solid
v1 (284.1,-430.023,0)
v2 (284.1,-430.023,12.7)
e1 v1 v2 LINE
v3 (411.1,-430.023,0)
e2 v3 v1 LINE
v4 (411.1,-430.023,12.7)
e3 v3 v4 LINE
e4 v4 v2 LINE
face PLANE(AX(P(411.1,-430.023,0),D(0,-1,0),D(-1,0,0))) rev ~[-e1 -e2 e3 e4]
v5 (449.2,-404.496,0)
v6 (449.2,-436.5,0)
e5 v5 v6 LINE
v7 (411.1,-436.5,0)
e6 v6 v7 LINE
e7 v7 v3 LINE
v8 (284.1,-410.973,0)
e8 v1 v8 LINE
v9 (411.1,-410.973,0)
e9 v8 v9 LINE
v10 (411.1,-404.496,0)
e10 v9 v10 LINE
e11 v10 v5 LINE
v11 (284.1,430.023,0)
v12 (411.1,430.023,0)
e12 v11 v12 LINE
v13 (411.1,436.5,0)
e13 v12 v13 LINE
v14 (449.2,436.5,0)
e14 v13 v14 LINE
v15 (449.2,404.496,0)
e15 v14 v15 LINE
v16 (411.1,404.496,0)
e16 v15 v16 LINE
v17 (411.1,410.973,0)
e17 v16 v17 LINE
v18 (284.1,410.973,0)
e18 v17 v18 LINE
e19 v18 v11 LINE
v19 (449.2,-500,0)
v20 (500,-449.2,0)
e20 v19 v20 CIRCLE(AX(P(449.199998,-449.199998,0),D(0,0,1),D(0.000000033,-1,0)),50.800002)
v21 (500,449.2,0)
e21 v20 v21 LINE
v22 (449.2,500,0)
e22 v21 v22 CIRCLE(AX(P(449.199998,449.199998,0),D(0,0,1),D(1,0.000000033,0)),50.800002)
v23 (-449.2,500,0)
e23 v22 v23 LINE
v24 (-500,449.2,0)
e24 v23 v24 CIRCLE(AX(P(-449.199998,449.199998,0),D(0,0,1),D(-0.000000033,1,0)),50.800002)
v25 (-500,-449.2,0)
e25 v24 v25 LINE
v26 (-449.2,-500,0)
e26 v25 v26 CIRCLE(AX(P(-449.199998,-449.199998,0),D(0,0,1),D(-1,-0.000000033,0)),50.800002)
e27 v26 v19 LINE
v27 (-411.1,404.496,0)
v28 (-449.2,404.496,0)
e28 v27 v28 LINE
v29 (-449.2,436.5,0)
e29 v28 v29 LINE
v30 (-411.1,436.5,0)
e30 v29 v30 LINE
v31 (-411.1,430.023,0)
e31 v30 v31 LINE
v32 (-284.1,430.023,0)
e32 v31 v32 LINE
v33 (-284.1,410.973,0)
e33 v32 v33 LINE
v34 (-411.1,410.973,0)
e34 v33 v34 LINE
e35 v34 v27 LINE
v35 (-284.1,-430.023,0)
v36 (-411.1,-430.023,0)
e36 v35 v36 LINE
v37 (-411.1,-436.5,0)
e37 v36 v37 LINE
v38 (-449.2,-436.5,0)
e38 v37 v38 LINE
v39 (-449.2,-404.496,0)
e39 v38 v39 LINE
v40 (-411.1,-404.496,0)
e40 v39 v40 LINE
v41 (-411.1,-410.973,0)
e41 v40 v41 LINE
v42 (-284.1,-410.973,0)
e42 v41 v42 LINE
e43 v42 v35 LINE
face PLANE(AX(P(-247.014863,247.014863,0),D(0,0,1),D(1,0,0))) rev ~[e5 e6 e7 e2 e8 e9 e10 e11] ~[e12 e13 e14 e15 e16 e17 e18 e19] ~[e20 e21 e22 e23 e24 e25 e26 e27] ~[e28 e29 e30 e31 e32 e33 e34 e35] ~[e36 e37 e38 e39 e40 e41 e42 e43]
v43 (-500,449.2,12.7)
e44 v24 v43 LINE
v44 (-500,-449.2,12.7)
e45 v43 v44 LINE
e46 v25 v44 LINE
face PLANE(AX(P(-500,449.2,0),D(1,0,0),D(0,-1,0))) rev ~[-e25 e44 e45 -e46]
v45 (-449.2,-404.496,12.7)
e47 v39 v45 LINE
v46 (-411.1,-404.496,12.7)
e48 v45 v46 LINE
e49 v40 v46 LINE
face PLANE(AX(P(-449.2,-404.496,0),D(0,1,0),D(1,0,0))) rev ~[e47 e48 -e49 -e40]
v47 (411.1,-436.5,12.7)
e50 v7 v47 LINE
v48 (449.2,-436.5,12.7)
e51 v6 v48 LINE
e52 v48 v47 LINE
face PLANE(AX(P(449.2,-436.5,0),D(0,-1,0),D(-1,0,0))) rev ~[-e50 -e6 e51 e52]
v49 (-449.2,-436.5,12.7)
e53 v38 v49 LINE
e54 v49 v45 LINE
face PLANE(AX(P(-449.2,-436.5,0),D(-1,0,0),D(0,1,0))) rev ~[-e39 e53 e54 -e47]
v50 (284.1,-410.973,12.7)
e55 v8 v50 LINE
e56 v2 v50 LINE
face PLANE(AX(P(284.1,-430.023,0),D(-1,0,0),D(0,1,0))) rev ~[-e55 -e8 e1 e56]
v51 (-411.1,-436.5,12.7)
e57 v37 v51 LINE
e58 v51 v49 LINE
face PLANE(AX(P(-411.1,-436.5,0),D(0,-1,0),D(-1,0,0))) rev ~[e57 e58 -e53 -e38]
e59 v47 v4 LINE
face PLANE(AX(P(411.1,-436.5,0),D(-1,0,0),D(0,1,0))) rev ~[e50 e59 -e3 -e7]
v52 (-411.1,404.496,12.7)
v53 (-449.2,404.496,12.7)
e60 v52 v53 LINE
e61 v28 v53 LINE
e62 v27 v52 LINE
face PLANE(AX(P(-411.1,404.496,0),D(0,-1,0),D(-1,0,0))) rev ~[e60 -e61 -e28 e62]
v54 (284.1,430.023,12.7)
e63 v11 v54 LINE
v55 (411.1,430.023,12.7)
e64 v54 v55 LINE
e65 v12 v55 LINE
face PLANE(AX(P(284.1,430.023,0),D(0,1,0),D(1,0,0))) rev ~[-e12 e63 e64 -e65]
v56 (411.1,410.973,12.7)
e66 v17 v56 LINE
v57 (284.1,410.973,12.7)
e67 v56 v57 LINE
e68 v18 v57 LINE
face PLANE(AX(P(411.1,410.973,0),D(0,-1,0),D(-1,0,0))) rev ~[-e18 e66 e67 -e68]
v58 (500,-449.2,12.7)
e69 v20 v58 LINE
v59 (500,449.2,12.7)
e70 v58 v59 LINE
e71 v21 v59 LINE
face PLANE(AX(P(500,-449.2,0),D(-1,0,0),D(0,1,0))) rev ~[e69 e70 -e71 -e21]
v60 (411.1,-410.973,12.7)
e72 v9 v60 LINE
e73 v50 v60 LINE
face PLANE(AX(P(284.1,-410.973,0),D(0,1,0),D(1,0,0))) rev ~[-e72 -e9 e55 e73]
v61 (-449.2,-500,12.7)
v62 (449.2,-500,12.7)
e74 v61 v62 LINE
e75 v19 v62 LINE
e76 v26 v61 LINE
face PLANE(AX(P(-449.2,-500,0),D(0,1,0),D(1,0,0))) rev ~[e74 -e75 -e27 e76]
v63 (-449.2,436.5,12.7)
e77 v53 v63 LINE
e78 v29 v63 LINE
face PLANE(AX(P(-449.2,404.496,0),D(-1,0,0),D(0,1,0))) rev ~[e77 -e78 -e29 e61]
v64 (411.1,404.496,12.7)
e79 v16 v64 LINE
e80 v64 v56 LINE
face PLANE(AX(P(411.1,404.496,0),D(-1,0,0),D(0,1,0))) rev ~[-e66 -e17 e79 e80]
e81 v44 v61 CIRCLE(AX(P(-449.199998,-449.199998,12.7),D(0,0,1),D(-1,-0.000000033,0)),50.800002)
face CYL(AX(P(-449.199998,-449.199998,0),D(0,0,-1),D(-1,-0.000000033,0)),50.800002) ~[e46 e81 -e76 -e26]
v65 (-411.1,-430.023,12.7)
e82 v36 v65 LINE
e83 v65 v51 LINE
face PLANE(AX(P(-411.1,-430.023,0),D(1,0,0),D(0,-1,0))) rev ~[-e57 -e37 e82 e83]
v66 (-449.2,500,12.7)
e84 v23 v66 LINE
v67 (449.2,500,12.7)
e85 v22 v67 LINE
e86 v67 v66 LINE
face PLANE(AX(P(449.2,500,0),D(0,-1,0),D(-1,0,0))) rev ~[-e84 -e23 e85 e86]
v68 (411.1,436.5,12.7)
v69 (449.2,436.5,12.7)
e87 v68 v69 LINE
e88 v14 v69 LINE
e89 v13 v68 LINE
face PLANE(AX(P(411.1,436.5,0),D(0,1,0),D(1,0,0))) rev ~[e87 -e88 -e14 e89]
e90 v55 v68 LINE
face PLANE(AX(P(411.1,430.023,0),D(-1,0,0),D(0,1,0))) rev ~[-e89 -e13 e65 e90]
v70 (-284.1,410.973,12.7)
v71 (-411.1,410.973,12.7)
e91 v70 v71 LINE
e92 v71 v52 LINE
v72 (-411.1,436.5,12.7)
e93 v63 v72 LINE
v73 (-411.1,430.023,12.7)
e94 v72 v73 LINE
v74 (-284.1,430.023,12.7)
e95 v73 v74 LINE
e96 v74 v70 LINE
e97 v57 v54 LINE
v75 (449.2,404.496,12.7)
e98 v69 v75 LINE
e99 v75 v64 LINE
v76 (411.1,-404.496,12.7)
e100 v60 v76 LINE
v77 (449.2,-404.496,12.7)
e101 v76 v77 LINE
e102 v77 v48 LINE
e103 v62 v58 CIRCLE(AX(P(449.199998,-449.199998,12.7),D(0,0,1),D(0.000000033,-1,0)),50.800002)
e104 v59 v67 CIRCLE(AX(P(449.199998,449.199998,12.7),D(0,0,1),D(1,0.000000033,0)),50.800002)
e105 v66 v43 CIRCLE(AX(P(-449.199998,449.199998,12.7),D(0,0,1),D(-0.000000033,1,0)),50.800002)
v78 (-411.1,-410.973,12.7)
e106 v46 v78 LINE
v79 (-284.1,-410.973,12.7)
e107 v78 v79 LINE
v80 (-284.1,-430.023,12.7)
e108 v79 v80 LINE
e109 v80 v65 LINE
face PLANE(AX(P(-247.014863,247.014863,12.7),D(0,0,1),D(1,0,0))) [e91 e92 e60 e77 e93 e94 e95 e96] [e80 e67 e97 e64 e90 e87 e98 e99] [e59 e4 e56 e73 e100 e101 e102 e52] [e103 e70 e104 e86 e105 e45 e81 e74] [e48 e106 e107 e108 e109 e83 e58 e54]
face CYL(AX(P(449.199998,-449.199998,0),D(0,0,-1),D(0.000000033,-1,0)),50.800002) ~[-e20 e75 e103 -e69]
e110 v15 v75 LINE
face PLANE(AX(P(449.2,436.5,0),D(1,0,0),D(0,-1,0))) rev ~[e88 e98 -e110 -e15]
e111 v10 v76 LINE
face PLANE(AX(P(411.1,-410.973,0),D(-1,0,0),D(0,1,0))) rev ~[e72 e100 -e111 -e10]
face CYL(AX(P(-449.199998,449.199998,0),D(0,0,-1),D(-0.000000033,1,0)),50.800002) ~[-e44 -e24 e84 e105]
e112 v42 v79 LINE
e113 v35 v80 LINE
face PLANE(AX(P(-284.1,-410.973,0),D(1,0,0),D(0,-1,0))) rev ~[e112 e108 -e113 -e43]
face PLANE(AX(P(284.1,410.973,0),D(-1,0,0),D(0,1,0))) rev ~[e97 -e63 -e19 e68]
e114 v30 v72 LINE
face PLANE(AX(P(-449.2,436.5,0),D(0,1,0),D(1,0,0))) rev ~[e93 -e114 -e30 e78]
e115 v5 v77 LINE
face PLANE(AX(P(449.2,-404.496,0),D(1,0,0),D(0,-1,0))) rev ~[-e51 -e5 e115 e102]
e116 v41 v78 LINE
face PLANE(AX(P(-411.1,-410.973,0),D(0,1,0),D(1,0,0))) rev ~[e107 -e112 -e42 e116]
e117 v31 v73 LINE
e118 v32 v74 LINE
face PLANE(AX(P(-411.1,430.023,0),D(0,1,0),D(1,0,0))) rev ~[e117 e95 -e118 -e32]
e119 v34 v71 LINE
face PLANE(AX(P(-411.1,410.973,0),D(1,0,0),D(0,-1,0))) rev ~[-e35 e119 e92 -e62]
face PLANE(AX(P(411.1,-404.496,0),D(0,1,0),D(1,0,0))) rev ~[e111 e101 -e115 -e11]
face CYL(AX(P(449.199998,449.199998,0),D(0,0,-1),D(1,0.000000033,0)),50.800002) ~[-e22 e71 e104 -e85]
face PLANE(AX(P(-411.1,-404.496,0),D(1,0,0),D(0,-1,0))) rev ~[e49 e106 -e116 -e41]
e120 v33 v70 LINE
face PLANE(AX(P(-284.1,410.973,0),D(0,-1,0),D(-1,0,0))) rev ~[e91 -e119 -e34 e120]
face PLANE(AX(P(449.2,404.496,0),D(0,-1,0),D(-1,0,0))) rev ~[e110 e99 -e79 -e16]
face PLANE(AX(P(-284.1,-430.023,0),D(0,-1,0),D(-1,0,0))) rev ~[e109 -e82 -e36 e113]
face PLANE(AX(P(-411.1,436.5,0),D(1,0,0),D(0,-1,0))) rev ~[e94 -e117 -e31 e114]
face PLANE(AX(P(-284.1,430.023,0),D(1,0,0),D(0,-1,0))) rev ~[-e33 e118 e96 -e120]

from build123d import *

# Parameters (mm, degrees)
F1_DEPTH = 12.7


with BuildPart() as f1:
    # F0 (on Top) → F1 (new body)
    with BuildSketch(Plane.XY):
        with BuildLine():
            Line((0, 500), (-449.2, 500))
            ThreePointArc((-449.2, 500), (-485.121024, 485.121024), (-500, 449.2))
            Line((-500, 449.2), (-500, 0))
            Line((-500, 0), (0, 0))
            Line((0, 0), (0, 500))
        make_face()
        Polygon((-411.1, 410.973), (-411.1, 404.496), (-449.2, 404.496), (-449.2, 436.5), (-411.1, 436.5), (-411.1, 430.023), (-284.1, 430.023), (-284.1, 410.973), align=None, mode=Mode.SUBTRACT)
        with BuildLine():
            Line((449.2, 500), (0, 500))
            Line((0, 500), (0, 0))
            Line((0, 0), (500, 0))
            Line((500, 0), (500, 449.2))
            ThreePointArc((500, 449.2), (485.121024, 485.121024), (449.2, 500))
        make_face()
        Polygon((411.1, 430.023), (411.1, 436.5), (449.2, 436.5), (449.2, 404.496), (411.1, 404.496), (411.1, 410.973), (284.1, 410.973), (284.1, 430.023), align=None, mode=Mode.SUBTRACT)
        with BuildLine():
            Line((500, 0), (0, 0))
            Line((0, 0), (0, -500))
            Line((0, -500), (449.2, -500))
            ThreePointArc((449.2, -500), (485.121024, -485.121024), (500, -449.2))
            Line((500, -449.2), (500, 0))
        make_face()
        Polygon((284.1, -430.023), (284.1, -410.973), (411.1, -410.973), (411.1, -404.496), (449.2, -404.496), (449.2, -436.5), (411.1, -436.5), (411.1, -430.023), align=None, mode=Mode.SUBTRACT)
        with BuildLine():
            Line((0, -500), (0, 0))
            Line((0, 0), (-500, 0))
            Line((-500, 0), (-500, -449.2))
            ThreePointArc((-500, -449.2), (-485.121024, -485.121024), (-449.2, -500))
            Line((-449.2, -500), (0, -500))
        make_face()
        Polygon((-449.2, -436.5), (-449.2, -404.496), (-411.1, -404.496), (-411.1, -410.973), (-284.1, -410.973), (-284.1, -430.023), (-411.1, -430.023), (-411.1, -436.5), align=None, mode=Mode.SUBTRACT)
    extrude(amount=F1_DEPTH)


solid = f1.part
